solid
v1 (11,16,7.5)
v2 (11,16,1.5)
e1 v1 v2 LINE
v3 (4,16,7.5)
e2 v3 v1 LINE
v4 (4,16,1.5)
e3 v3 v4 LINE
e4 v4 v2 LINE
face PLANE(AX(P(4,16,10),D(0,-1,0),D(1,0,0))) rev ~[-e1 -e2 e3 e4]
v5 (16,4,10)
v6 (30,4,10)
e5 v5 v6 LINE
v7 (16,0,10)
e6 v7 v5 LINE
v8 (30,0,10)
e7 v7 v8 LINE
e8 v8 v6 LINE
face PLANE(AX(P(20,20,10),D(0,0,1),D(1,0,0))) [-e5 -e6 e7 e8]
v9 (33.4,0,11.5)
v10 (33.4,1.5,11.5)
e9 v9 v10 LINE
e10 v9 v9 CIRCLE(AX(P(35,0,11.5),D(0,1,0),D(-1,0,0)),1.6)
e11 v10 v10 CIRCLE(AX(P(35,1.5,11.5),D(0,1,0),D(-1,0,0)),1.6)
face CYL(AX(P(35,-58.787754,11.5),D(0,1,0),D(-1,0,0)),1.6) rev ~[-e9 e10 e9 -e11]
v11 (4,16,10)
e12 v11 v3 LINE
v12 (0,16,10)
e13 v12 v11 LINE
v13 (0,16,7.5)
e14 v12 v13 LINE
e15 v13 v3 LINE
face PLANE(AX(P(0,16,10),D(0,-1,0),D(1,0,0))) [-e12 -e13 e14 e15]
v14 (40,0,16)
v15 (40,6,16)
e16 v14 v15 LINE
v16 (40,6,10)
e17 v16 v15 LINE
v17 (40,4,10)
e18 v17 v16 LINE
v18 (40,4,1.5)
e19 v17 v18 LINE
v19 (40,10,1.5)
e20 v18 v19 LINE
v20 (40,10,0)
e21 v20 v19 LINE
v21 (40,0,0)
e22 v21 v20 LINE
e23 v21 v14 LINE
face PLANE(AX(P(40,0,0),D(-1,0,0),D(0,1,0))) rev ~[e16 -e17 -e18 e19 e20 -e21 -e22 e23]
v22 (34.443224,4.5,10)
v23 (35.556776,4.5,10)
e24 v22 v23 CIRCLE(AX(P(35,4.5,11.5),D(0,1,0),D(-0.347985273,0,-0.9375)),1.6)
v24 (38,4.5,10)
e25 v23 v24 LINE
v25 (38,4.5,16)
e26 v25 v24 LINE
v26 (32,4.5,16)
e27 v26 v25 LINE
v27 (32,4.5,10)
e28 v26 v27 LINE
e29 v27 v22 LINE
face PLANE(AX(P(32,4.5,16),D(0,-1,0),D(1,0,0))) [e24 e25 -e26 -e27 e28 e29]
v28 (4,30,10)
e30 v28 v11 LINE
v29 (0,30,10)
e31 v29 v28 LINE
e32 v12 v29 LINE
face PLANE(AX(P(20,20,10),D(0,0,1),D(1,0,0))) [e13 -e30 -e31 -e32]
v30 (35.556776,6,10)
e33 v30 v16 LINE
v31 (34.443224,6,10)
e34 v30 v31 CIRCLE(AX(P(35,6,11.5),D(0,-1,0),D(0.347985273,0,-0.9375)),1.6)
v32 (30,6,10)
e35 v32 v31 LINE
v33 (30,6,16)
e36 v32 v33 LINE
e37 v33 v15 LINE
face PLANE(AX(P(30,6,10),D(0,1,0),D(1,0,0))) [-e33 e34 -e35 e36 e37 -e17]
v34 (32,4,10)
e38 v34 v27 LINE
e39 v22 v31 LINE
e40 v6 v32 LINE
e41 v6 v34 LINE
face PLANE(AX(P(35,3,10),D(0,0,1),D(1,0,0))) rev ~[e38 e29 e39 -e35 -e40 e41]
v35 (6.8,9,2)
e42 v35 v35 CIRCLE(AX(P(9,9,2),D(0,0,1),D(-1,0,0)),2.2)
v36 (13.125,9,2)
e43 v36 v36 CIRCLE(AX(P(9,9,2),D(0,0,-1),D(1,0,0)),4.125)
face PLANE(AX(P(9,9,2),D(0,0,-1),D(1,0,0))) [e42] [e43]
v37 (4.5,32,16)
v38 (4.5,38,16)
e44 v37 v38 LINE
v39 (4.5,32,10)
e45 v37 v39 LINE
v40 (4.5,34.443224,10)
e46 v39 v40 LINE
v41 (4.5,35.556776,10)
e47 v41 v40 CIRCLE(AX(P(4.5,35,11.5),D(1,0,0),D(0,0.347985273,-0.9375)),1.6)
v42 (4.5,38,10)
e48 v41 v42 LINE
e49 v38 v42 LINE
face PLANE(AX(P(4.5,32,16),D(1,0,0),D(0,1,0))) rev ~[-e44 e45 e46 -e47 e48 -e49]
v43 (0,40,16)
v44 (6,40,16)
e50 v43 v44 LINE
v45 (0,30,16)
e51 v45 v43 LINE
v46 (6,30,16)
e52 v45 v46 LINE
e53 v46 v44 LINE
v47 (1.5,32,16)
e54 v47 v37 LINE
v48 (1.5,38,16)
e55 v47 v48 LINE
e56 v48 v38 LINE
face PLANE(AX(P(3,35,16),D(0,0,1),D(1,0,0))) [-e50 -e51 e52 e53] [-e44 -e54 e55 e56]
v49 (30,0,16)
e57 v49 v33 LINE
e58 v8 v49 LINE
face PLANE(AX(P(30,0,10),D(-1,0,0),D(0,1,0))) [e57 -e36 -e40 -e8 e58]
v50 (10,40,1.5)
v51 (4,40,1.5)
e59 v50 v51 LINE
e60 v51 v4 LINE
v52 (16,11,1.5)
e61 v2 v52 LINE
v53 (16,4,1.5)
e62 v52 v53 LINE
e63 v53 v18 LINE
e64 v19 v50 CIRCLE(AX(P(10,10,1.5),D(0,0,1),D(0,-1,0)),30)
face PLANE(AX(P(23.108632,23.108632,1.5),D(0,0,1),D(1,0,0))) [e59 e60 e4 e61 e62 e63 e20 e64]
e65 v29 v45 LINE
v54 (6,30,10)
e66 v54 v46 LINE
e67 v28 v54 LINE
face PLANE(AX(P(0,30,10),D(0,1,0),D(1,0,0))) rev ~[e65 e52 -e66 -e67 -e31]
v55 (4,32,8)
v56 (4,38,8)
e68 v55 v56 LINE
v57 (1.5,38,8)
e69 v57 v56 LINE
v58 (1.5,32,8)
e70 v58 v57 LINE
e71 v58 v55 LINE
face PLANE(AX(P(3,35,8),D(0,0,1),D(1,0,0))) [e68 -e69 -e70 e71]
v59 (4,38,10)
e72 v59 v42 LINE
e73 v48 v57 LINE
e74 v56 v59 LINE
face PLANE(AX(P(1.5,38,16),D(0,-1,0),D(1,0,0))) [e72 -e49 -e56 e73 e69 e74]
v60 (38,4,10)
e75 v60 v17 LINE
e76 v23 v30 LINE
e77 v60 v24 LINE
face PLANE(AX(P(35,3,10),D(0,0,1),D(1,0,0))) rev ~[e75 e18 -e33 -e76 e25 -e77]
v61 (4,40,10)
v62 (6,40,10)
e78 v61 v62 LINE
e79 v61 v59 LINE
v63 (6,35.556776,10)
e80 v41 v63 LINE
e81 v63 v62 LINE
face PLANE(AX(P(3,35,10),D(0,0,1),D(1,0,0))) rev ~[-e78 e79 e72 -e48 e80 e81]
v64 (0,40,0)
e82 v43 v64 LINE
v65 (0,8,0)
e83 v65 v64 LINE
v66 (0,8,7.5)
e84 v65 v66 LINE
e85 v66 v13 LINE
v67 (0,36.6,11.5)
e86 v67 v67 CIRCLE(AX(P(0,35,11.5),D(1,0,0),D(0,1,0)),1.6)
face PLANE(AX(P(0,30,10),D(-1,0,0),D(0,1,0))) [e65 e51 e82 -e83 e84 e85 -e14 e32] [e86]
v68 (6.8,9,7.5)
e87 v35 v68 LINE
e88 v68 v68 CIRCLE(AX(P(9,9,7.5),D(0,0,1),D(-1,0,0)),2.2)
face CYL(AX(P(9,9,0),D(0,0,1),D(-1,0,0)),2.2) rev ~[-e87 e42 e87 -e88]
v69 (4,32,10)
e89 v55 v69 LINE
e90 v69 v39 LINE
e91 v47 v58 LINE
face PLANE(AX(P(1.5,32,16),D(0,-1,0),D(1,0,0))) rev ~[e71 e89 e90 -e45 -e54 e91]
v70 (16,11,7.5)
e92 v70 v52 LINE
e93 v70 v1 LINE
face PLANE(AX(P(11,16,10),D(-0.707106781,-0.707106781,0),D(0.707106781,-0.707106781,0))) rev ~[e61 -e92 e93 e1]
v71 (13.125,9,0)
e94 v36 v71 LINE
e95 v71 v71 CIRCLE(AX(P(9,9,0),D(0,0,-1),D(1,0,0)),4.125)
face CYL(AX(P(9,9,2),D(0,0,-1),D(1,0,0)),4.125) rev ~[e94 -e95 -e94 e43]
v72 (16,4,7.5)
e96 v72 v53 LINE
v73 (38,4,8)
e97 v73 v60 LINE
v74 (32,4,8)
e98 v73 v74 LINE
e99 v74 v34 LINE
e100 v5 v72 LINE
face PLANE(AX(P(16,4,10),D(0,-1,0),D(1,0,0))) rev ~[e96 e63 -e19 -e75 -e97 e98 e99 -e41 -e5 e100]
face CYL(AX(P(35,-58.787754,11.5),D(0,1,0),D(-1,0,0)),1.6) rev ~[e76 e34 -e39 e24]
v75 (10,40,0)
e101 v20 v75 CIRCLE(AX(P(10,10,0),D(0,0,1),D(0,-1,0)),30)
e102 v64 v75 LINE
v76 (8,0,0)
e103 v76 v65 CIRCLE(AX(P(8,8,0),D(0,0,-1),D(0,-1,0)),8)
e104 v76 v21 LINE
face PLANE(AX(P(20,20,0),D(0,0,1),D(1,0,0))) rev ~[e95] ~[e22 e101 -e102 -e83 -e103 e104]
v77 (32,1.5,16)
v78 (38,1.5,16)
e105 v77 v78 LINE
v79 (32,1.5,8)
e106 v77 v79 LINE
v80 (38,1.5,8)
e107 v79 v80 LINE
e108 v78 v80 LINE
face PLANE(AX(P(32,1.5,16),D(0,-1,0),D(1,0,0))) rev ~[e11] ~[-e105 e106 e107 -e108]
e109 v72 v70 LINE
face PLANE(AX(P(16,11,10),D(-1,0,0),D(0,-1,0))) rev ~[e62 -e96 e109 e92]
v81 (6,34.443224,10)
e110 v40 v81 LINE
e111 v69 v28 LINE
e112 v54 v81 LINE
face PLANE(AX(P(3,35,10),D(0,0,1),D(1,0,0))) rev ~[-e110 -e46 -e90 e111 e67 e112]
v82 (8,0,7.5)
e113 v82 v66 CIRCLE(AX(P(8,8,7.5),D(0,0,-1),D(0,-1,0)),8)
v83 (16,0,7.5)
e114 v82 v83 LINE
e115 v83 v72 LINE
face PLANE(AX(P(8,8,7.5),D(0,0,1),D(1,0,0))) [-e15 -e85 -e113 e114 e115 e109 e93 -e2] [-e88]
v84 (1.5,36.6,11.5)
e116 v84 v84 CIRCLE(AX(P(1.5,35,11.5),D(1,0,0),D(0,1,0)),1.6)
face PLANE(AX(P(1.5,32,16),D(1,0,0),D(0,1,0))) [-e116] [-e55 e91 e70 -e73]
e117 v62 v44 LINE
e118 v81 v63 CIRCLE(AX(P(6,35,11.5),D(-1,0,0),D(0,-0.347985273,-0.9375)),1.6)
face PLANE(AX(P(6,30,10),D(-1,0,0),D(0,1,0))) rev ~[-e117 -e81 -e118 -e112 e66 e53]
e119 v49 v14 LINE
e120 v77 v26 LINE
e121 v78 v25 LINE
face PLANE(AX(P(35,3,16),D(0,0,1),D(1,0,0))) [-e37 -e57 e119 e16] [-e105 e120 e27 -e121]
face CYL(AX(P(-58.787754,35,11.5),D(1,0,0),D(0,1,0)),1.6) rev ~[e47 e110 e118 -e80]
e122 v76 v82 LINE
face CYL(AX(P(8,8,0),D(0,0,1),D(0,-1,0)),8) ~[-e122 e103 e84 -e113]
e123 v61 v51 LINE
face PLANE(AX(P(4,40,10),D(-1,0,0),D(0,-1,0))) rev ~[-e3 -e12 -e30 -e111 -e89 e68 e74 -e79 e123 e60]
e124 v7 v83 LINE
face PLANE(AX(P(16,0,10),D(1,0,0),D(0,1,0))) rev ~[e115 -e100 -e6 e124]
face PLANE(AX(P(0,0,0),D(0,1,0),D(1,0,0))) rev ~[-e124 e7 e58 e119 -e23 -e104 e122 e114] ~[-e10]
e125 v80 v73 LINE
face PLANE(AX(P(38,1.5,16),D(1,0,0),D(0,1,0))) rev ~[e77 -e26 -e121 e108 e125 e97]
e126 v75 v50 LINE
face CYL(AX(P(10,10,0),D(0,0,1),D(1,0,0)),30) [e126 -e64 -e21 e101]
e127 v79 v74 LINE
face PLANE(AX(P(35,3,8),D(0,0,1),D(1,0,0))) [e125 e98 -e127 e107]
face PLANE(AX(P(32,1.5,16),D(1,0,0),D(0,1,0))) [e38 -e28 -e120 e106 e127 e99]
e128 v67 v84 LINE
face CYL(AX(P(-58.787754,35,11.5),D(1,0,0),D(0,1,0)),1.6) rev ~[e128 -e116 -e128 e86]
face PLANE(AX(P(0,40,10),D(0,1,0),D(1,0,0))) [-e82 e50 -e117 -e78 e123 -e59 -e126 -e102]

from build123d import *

# Parameters (mm, degrees)
F0_W           = 40
F0_H           = 40
F1_DEPTH       = 10
F3_DEPTH       = 8.5
F4_W           = 16
F4_H           = 16
F5_DEPTH       = 2.5
F7_D           = 4.4
F7_CBORE_D     = 8.25
F7_CBORE_DEPTH = 2
F8_W           = 6
F8_H           = 10
F8_W_2         = 10
F8_H_2         = 6
F9_DEPTH       = 6
F11_D          = 3.2
F12_W          = 3
F12_H          = 6
F12_W_2        = 6
F12_H_2        = 3
F13_DEPTH      = 8
F15_D          = 3.2
F16_R          = 30
F17_R          = 8


with BuildPart() as f1:
    # F0 (on Top) → F1 (new body)
    with BuildSketch(Plane.XY):
        with Locations((20, 20)):
            Rectangle(F0_W, F0_H)
    extrude(amount=F1_DEPTH)

    # F2 (on face) → F3 (cut)
    with BuildSketch(Plane.XY.offset(10)):
        Polygon((40, 4), (40, 40), (4, 40), (4, 16), (11, 16), (16, 11), (16, 4), align=None)
    extrude(amount=-F3_DEPTH, mode=Mode.SUBTRACT)

    # F4 (on face) → F5 (cut)
    with BuildSketch(Plane.XY.offset(10)):
        with Locations((8, 8)):
            Rectangle(F4_W, F4_H)
    extrude(amount=-F5_DEPTH, mode=Mode.SUBTRACT)

    # F7 (through all)
    with Locations(Plane(origin=(0, 0, 0), x_dir=(1, 0, 0), z_dir=(0, 0, -1))):
        with Locations((9, -9)):
            CounterBoreHole(F7_D / 2, F7_CBORE_D / 2, F7_CBORE_DEPTH)

    # F8 (on face) → F9 (join)
    with BuildSketch(Plane.XY.offset(10)):
        with Locations((3, 35)):
            Rectangle(F8_W, F8_H)
        with Locations((35, 3)):
            Rectangle(F8_W_2, F8_H_2)
    extrude(amount=F9_DEPTH)

    # F11 (through all)
    with Locations(Plane(origin=(0, 0, 0), x_dir=(0, -1, 0), z_dir=(-1, 0, 0))):
        with Locations((-35, 11.5)):
            Hole(F11_D / 2)

    # F12 (on face) → F13 (cut)
    with BuildSketch(Plane.XY.offset(16)):
        with Locations((3, 35)):
            Rectangle(F12_W, F12_H)
        with Locations((35, 3)):
            Rectangle(F12_W_2, F12_H_2)
    extrude(amount=-F13_DEPTH, mode=Mode.SUBTRACT)

    # F15 (through all)
    with Locations(Plane.XZ):
        with Locations((35, 11.5)):
            Hole(F15_D / 2)

    # F16
    f16_edges = [f1.edges().sort_by_distance(p)[0] for p in [
        (40, 40, 0.75),
    ]]
    fillet(f16_edges, radius=F16_R)

    # F17
    f17_edges = [f1.edges().sort_by_distance(p)[0] for p in [
        (0, 0, 3.75),
    ]]
    fillet(f17_edges, radius=F17_R)


solid = f1.part
